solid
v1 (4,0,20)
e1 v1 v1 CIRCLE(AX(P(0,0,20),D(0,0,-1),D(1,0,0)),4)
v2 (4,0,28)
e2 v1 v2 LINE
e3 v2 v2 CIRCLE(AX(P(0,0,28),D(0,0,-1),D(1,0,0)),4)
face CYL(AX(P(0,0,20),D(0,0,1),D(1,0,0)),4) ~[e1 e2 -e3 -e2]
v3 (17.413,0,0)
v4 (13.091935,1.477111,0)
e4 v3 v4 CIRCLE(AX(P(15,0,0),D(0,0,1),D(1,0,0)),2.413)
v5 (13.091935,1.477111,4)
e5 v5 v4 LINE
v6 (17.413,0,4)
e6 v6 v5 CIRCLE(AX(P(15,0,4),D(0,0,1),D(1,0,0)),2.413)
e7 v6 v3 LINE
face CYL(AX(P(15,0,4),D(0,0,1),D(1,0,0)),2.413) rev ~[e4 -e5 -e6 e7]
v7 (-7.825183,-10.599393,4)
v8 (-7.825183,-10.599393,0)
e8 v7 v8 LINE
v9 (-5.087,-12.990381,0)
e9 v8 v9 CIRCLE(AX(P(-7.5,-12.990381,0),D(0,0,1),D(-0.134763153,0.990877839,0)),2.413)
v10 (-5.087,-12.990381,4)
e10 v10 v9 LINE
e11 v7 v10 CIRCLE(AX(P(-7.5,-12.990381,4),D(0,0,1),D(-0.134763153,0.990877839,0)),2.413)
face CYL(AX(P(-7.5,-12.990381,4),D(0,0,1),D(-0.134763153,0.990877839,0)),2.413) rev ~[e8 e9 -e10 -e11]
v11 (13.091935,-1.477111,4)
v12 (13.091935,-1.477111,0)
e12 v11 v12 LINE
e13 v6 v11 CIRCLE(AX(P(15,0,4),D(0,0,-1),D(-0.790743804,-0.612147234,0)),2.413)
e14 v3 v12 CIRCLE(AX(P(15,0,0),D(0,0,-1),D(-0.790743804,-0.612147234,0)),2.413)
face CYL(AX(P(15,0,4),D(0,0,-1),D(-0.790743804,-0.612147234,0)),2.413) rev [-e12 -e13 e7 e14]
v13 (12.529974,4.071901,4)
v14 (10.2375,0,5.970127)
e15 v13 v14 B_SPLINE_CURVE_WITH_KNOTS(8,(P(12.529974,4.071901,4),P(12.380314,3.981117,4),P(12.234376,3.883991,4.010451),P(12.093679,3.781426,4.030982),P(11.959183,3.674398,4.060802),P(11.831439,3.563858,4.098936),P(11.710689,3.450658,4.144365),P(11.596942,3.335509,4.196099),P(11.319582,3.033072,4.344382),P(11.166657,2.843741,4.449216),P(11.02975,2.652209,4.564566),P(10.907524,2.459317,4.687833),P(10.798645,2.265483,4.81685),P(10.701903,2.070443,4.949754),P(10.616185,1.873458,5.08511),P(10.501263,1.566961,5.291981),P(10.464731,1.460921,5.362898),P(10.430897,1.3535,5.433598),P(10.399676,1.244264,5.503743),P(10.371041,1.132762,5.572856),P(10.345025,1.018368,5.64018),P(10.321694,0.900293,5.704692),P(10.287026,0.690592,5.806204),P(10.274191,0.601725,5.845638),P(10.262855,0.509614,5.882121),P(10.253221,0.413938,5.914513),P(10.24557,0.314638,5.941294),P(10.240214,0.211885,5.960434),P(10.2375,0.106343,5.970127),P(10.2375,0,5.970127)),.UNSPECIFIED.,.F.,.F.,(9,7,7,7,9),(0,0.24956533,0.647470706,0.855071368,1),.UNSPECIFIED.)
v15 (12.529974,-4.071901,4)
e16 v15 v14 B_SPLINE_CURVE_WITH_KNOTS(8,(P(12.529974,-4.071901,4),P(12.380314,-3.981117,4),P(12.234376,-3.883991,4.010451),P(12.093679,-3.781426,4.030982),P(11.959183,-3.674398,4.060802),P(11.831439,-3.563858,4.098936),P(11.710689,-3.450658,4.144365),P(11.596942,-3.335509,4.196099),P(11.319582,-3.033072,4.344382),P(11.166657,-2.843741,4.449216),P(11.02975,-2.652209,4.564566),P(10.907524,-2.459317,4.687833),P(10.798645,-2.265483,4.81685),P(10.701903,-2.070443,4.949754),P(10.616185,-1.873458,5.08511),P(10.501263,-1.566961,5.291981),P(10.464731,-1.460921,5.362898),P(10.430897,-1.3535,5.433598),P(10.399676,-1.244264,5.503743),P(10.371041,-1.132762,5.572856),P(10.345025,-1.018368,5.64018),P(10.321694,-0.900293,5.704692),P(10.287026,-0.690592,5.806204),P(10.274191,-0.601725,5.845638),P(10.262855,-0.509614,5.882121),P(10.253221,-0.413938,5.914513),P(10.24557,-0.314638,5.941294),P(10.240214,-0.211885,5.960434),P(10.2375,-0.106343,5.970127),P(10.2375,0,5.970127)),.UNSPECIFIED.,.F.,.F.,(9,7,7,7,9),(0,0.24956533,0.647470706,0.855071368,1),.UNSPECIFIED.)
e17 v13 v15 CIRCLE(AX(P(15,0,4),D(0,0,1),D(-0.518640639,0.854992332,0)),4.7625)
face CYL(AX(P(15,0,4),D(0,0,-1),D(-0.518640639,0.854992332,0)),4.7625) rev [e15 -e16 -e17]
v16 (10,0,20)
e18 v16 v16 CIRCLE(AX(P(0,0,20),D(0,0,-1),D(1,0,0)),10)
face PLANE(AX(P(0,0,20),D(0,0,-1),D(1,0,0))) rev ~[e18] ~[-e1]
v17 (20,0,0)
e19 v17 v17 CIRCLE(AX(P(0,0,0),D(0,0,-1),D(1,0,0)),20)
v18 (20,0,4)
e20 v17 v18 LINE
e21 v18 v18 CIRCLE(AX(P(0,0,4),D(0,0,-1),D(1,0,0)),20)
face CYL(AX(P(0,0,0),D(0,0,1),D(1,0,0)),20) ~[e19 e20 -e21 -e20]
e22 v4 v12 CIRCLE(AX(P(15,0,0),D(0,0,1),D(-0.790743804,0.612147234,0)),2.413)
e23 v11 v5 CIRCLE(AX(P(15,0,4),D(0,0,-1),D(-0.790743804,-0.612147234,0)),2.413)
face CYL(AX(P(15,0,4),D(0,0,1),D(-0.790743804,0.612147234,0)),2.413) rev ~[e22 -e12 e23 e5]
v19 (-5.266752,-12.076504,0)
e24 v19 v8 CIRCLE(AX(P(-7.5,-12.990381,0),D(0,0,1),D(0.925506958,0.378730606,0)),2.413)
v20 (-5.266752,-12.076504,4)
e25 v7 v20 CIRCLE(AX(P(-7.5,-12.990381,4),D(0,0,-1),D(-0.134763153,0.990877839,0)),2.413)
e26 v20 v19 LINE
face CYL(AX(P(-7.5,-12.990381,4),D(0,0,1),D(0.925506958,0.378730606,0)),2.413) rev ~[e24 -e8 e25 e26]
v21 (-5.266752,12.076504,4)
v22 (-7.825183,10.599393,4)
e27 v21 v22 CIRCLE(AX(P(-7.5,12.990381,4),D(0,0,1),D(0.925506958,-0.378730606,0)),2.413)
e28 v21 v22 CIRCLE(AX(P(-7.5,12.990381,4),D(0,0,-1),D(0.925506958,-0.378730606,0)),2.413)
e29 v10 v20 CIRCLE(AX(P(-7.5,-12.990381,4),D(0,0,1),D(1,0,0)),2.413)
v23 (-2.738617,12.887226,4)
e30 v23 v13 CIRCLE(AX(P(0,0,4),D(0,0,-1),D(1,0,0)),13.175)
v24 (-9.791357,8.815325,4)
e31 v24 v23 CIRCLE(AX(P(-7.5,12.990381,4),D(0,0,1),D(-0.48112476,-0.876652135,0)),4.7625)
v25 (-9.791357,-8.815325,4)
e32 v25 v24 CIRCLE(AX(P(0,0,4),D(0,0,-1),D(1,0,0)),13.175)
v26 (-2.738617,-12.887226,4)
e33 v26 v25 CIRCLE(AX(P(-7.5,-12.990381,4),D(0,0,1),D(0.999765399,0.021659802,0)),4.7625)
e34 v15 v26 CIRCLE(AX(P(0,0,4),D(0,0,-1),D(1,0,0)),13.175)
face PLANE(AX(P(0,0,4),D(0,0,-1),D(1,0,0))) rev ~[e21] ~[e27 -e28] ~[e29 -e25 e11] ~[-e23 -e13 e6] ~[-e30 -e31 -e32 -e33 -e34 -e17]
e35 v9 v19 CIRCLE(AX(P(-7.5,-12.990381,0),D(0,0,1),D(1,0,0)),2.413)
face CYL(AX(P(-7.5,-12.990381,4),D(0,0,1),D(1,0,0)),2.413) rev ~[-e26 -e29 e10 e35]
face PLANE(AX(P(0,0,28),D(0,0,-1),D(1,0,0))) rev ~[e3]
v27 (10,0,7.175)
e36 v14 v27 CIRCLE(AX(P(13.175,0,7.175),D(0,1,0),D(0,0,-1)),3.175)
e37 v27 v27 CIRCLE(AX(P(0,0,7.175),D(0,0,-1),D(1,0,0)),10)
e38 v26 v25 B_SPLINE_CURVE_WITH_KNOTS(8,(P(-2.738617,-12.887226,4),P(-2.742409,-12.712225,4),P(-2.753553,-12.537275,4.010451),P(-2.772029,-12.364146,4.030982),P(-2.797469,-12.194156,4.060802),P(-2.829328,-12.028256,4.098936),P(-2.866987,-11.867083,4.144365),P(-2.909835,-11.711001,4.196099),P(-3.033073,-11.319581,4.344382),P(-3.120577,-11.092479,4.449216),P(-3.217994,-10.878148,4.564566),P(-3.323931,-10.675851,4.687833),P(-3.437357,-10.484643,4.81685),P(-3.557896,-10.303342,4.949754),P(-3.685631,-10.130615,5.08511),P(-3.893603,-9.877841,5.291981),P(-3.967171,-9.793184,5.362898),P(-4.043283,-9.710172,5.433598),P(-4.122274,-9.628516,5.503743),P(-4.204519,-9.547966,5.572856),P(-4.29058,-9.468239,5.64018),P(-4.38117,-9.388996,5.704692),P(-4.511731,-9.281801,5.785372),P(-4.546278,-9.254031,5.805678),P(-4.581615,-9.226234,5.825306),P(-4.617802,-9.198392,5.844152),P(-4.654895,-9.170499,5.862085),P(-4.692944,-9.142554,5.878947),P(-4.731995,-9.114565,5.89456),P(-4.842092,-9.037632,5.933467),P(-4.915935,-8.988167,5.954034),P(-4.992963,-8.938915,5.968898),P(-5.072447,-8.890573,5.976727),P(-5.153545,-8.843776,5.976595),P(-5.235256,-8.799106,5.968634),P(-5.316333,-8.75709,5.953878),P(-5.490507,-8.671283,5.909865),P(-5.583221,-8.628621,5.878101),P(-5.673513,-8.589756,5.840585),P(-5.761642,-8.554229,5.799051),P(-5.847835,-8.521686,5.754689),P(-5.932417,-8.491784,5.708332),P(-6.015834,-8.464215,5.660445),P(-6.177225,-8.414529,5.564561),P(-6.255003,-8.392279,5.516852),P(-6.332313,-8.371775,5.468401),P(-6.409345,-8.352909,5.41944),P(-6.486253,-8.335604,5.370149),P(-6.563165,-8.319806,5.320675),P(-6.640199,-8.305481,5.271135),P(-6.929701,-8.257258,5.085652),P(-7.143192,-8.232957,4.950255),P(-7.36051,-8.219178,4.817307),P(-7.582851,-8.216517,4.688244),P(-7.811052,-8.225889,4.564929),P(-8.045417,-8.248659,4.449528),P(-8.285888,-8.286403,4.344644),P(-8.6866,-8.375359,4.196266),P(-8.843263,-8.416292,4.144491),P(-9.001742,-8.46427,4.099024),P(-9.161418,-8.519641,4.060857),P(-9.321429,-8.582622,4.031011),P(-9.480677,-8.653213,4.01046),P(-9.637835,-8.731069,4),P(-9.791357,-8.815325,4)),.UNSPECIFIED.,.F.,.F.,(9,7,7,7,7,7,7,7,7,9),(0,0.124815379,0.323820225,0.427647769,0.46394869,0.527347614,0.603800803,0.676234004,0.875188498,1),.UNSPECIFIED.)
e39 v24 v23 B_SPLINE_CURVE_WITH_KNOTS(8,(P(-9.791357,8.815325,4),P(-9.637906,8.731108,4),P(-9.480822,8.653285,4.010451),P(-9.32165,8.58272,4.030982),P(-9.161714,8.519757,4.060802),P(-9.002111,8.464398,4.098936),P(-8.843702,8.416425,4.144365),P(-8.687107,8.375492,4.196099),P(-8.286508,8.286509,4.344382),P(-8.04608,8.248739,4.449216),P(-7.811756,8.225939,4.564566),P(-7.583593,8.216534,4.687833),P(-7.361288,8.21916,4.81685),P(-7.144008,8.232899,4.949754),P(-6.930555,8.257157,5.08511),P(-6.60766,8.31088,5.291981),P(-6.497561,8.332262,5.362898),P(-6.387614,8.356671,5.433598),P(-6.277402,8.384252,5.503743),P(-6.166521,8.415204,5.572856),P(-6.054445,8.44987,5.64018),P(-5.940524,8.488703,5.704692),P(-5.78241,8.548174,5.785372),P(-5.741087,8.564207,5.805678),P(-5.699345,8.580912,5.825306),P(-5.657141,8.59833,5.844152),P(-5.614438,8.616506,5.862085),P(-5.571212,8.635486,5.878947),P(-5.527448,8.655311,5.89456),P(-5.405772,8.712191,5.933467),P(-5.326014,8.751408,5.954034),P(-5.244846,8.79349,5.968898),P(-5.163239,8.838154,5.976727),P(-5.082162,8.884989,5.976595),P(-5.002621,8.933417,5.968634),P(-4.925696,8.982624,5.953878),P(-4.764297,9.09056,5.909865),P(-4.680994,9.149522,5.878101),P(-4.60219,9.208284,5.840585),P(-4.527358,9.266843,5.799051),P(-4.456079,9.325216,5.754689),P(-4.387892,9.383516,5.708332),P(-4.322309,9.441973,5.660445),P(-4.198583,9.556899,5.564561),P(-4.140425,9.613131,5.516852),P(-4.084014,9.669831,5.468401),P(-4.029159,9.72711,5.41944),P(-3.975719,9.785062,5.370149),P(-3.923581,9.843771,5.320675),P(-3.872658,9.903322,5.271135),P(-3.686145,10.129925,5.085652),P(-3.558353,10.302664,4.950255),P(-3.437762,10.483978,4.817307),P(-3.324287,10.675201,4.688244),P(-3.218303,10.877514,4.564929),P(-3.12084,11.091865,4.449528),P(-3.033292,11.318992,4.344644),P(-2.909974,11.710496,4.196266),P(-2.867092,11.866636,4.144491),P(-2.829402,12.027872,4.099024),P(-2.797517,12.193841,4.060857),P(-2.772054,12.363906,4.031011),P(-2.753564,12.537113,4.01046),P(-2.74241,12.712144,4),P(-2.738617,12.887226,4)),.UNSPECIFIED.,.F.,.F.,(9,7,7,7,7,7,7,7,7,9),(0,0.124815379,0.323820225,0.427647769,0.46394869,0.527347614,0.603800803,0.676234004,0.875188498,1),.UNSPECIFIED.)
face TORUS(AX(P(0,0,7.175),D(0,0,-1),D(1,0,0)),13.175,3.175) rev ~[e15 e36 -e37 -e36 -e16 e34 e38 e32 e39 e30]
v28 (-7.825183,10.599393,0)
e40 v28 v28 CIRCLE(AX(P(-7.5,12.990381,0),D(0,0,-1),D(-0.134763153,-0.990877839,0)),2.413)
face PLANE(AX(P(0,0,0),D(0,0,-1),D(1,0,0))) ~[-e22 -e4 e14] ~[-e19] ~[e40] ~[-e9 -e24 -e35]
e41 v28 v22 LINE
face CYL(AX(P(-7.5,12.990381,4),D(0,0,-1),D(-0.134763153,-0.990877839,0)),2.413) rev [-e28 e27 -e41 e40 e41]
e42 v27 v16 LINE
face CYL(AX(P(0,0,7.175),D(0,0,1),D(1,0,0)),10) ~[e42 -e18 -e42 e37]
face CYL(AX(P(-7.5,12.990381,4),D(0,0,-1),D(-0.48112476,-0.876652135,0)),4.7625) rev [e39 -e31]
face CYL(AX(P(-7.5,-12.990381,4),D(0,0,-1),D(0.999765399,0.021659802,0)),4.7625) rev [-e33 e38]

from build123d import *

# Parameters (mm, degrees)
F3_DEPTH = 12.7
F4_DEPTH = 24.001


with BuildPart() as f1:
    # F0 (on Front) → F1 (revolve)
    with BuildSketch(Plane.XZ):
        with BuildLine():
            Line((0, 28), (0, 0))
            Line((0, 0), (20, 0))
            Line((20, 0), (20, 4))
            Line((20, 4), (13.175, 4))
            ThreePointArc((13.175, 4), (10.9299359697, 4.9299359697), (10, 7.175))
            Line((10, 7.175), (10, 20))
            Line((10, 20), (4, 20))
            Line((4, 20), (4, 28))
            Line((4, 28), (0, 28))
        make_face()
    revolve(axis=Axis((0, 0, 14), (0, 0, -1)))

    # F2 (on face) → F3 (cut, symmetric)
    with BuildSketch(Plane.XY.offset(4)):
        with BuildLine():
            ThreePointArc((-7.8251834884, 10.5993928304), (-6.2935, 10.9006617574), (-5.2667517116, 12.0765041054))
            ThreePointArc((-5.2667517116, 12.0765041054), (-6.5875, 11.4098846949), (-7.8251834884, 10.5993928304))
        make_face()
        with BuildLine():
            ThreePointArc((-7.8251834884, 10.5993928304), (-6.5875, 11.4098846949), (-5.2667517116, 12.0765041054))
            ThreePointArc((-5.2667517116, 12.0765041054), (-5.1323643524, 12.5246875524), (-5.087, 12.9903810568))
            ThreePointArc((-5.087, 12.9903810568), (-9.087120229, 14.8079669224), (-7.8251834884, 10.5993928304))
        make_face()
        with BuildLine():
            ThreePointArc((13.0919352, -1.4771112751), (15.7805154187, -2.2832793699), (17.413, 0))
            ThreePointArc((17.413, 0), (15.7805154187, 2.2832793699), (13.0919352, 1.4771112751))
            ThreePointArc((13.0919352, 1.4771112751), (13.1542174085, 0.7397224953), (13.175, 0))
            ThreePointArc((13.175, 0), (13.1542174085, -0.7397224953), (13.0919352, -1.4771112751))
        make_face()
        with BuildLine():
            ThreePointArc((13.175, 0), (13.1542174085, 0.7397224953), (13.0919352, 1.4771112751))
            ThreePointArc((13.0919352, 1.4771112751), (12.587, 0), (13.0919352, -1.4771112751))
            ThreePointArc((13.0919352, -1.4771112751), (13.1542174085, -0.7397224953), (13.175, 0))
        make_face()
        with BuildLine():
            ThreePointArc((-7.8251834884, -10.5993928304), (-6.5875, -11.4098846949), (-5.2667517116, -12.0765041054))
            ThreePointArc((-5.2667517116, -12.0765041054), (-6.2935, -10.9006617574), (-7.8251834884, -10.5993928304))
        make_face()
        with BuildLine():
            ThreePointArc((-5.087, -12.9903810568), (-5.1323643524, -12.5246875524), (-5.2667517116, -12.0765041054))
            ThreePointArc((-5.2667517116, -12.0765041054), (-6.5875, -11.4098846949), (-7.8251834884, -10.5993928304))
            ThreePointArc((-7.8251834884, -10.5993928304), (-9.087120229, -14.8079669224), (-5.087, -12.9903810568))
        make_face()
    extrude(amount=F3_DEPTH, both=True, mode=Mode.SUBTRACT)

    # F2 (on face) → F4 (cut, through all)
    with BuildSketch(Plane.XY.offset(4)):
        with BuildLine():
            ThreePointArc((-5.2667517116, 12.0765041054), (-4.0231580631, 12.545709394), (-2.7386172875, 12.8872262474))
            ThreePointArc((-2.7386172875, 12.8872262474), (-2.7377793301, 12.9388006268), (-2.7375, 12.9903810568))
            ThreePointArc((-2.7375, 12.9903810568), (-9.9257802977, 17.0887949204), (-9.7913566709, 8.8153252659))
            ThreePointArc((-9.7913566709, 8.8153252659), (-8.8533240122, 9.7570117831), (-7.8251834884, 10.5993928304))
            ThreePointArc((-7.8251834884, 10.5993928304), (-9.087120229, 14.8079669224), (-5.087, 12.9903810568))
            ThreePointArc((-5.087, 12.9903810568), (-5.1323643524, 12.5246875524), (-5.2667517116, 12.0765041054))
        make_face()
        with BuildLine():
            ThreePointArc((-9.7913566709, 8.8153252659), (-5.11875, 8.8659350712), (-2.7386172875, 12.8872262474))
            ThreePointArc((-2.7386172875, 12.8872262474), (-4.0231580631, 12.545709394), (-5.2667517116, 12.0765041054))
            ThreePointArc((-5.2667517116, 12.0765041054), (-6.2935, 10.9006617574), (-7.8251834884, 10.5993928304))
            ThreePointArc((-7.8251834884, 10.5993928304), (-8.8533240122, 9.7570117831), (-9.7913566709, 8.8153252659))
        make_face()
        with BuildLine():
            ThreePointArc((13.0919352, -1.4771112751), (12.587, 0), (13.0919352, 1.4771112751))
            ThreePointArc((13.0919352, 1.4771112751), (12.8764820753, 2.788697611), (12.5299739583, 4.0719009815))
            ThreePointArc((12.5299739583, 4.0719009815), (10.2375, 0), (12.5299739583, -4.0719009815))
            ThreePointArc((12.5299739583, -4.0719009815), (12.8764820753, -2.788697611), (13.0919352, -1.4771112751))
        make_face()
        with BuildLine():
            ThreePointArc((13.0919352, 1.4771112751), (15.7805154187, 2.2832793699), (17.413, 0))
            ThreePointArc((17.413, 0), (15.7805154187, -2.2832793699), (13.0919352, -1.4771112751))
            ThreePointArc((13.0919352, -1.4771112751), (12.8764820753, -2.788697611), (12.5299739583, -4.0719009815))
            ThreePointArc((12.5299739583, -4.0719009815), (17.3364403723, -4.1499942936), (19.7625, 0))
            ThreePointArc((19.7625, 0), (17.3364403723, 4.1499942936), (12.5299739583, 4.0719009815))
            ThreePointArc((12.5299739583, 4.0719009815), (12.8764820753, 2.788697611), (13.0919352, 1.4771112751))
        make_face()
        with BuildLine():
            ThreePointArc((-5.2667517116, -12.0765041054), (-4.0231580631, -12.545709394), (-2.7386172875, -12.8872262474))
            ThreePointArc((-2.7386172875, -12.8872262474), (-5.11875, -8.8659350712), (-9.7913566709, -8.8153252659))
            ThreePointArc((-9.7913566709, -8.8153252659), (-8.8533240122, -9.7570117831), (-7.8251834884, -10.5993928304))
            ThreePointArc((-7.8251834884, -10.5993928304), (-6.2935, -10.9006617574), (-5.2667517116, -12.0765041054))
        make_face()
        with BuildLine():
            ThreePointArc((-2.7375, -12.9903810568), (-2.7377793301, -12.9388006268), (-2.7386172875, -12.8872262474))
            ThreePointArc((-2.7386172875, -12.8872262474), (-4.0231580631, -12.545709394), (-5.2667517116, -12.0765041054))
            ThreePointArc((-5.2667517116, -12.0765041054), (-5.1323643524, -12.5246875524), (-5.087, -12.9903810568))
            ThreePointArc((-5.087, -12.9903810568), (-9.087120229, -14.8079669224), (-7.8251834884, -10.5993928304))
            ThreePointArc((-7.8251834884, -10.5993928304), (-8.8533240122, -9.7570117831), (-9.7913566709, -8.8153252659))
            ThreePointArc((-9.7913566709, -8.8153252659), (-9.9257802977, -17.0887949204), (-2.7375, -12.9903810568))
        make_face()
    extrude(amount=F4_DEPTH, mode=Mode.SUBTRACT)


solid = f1.part
